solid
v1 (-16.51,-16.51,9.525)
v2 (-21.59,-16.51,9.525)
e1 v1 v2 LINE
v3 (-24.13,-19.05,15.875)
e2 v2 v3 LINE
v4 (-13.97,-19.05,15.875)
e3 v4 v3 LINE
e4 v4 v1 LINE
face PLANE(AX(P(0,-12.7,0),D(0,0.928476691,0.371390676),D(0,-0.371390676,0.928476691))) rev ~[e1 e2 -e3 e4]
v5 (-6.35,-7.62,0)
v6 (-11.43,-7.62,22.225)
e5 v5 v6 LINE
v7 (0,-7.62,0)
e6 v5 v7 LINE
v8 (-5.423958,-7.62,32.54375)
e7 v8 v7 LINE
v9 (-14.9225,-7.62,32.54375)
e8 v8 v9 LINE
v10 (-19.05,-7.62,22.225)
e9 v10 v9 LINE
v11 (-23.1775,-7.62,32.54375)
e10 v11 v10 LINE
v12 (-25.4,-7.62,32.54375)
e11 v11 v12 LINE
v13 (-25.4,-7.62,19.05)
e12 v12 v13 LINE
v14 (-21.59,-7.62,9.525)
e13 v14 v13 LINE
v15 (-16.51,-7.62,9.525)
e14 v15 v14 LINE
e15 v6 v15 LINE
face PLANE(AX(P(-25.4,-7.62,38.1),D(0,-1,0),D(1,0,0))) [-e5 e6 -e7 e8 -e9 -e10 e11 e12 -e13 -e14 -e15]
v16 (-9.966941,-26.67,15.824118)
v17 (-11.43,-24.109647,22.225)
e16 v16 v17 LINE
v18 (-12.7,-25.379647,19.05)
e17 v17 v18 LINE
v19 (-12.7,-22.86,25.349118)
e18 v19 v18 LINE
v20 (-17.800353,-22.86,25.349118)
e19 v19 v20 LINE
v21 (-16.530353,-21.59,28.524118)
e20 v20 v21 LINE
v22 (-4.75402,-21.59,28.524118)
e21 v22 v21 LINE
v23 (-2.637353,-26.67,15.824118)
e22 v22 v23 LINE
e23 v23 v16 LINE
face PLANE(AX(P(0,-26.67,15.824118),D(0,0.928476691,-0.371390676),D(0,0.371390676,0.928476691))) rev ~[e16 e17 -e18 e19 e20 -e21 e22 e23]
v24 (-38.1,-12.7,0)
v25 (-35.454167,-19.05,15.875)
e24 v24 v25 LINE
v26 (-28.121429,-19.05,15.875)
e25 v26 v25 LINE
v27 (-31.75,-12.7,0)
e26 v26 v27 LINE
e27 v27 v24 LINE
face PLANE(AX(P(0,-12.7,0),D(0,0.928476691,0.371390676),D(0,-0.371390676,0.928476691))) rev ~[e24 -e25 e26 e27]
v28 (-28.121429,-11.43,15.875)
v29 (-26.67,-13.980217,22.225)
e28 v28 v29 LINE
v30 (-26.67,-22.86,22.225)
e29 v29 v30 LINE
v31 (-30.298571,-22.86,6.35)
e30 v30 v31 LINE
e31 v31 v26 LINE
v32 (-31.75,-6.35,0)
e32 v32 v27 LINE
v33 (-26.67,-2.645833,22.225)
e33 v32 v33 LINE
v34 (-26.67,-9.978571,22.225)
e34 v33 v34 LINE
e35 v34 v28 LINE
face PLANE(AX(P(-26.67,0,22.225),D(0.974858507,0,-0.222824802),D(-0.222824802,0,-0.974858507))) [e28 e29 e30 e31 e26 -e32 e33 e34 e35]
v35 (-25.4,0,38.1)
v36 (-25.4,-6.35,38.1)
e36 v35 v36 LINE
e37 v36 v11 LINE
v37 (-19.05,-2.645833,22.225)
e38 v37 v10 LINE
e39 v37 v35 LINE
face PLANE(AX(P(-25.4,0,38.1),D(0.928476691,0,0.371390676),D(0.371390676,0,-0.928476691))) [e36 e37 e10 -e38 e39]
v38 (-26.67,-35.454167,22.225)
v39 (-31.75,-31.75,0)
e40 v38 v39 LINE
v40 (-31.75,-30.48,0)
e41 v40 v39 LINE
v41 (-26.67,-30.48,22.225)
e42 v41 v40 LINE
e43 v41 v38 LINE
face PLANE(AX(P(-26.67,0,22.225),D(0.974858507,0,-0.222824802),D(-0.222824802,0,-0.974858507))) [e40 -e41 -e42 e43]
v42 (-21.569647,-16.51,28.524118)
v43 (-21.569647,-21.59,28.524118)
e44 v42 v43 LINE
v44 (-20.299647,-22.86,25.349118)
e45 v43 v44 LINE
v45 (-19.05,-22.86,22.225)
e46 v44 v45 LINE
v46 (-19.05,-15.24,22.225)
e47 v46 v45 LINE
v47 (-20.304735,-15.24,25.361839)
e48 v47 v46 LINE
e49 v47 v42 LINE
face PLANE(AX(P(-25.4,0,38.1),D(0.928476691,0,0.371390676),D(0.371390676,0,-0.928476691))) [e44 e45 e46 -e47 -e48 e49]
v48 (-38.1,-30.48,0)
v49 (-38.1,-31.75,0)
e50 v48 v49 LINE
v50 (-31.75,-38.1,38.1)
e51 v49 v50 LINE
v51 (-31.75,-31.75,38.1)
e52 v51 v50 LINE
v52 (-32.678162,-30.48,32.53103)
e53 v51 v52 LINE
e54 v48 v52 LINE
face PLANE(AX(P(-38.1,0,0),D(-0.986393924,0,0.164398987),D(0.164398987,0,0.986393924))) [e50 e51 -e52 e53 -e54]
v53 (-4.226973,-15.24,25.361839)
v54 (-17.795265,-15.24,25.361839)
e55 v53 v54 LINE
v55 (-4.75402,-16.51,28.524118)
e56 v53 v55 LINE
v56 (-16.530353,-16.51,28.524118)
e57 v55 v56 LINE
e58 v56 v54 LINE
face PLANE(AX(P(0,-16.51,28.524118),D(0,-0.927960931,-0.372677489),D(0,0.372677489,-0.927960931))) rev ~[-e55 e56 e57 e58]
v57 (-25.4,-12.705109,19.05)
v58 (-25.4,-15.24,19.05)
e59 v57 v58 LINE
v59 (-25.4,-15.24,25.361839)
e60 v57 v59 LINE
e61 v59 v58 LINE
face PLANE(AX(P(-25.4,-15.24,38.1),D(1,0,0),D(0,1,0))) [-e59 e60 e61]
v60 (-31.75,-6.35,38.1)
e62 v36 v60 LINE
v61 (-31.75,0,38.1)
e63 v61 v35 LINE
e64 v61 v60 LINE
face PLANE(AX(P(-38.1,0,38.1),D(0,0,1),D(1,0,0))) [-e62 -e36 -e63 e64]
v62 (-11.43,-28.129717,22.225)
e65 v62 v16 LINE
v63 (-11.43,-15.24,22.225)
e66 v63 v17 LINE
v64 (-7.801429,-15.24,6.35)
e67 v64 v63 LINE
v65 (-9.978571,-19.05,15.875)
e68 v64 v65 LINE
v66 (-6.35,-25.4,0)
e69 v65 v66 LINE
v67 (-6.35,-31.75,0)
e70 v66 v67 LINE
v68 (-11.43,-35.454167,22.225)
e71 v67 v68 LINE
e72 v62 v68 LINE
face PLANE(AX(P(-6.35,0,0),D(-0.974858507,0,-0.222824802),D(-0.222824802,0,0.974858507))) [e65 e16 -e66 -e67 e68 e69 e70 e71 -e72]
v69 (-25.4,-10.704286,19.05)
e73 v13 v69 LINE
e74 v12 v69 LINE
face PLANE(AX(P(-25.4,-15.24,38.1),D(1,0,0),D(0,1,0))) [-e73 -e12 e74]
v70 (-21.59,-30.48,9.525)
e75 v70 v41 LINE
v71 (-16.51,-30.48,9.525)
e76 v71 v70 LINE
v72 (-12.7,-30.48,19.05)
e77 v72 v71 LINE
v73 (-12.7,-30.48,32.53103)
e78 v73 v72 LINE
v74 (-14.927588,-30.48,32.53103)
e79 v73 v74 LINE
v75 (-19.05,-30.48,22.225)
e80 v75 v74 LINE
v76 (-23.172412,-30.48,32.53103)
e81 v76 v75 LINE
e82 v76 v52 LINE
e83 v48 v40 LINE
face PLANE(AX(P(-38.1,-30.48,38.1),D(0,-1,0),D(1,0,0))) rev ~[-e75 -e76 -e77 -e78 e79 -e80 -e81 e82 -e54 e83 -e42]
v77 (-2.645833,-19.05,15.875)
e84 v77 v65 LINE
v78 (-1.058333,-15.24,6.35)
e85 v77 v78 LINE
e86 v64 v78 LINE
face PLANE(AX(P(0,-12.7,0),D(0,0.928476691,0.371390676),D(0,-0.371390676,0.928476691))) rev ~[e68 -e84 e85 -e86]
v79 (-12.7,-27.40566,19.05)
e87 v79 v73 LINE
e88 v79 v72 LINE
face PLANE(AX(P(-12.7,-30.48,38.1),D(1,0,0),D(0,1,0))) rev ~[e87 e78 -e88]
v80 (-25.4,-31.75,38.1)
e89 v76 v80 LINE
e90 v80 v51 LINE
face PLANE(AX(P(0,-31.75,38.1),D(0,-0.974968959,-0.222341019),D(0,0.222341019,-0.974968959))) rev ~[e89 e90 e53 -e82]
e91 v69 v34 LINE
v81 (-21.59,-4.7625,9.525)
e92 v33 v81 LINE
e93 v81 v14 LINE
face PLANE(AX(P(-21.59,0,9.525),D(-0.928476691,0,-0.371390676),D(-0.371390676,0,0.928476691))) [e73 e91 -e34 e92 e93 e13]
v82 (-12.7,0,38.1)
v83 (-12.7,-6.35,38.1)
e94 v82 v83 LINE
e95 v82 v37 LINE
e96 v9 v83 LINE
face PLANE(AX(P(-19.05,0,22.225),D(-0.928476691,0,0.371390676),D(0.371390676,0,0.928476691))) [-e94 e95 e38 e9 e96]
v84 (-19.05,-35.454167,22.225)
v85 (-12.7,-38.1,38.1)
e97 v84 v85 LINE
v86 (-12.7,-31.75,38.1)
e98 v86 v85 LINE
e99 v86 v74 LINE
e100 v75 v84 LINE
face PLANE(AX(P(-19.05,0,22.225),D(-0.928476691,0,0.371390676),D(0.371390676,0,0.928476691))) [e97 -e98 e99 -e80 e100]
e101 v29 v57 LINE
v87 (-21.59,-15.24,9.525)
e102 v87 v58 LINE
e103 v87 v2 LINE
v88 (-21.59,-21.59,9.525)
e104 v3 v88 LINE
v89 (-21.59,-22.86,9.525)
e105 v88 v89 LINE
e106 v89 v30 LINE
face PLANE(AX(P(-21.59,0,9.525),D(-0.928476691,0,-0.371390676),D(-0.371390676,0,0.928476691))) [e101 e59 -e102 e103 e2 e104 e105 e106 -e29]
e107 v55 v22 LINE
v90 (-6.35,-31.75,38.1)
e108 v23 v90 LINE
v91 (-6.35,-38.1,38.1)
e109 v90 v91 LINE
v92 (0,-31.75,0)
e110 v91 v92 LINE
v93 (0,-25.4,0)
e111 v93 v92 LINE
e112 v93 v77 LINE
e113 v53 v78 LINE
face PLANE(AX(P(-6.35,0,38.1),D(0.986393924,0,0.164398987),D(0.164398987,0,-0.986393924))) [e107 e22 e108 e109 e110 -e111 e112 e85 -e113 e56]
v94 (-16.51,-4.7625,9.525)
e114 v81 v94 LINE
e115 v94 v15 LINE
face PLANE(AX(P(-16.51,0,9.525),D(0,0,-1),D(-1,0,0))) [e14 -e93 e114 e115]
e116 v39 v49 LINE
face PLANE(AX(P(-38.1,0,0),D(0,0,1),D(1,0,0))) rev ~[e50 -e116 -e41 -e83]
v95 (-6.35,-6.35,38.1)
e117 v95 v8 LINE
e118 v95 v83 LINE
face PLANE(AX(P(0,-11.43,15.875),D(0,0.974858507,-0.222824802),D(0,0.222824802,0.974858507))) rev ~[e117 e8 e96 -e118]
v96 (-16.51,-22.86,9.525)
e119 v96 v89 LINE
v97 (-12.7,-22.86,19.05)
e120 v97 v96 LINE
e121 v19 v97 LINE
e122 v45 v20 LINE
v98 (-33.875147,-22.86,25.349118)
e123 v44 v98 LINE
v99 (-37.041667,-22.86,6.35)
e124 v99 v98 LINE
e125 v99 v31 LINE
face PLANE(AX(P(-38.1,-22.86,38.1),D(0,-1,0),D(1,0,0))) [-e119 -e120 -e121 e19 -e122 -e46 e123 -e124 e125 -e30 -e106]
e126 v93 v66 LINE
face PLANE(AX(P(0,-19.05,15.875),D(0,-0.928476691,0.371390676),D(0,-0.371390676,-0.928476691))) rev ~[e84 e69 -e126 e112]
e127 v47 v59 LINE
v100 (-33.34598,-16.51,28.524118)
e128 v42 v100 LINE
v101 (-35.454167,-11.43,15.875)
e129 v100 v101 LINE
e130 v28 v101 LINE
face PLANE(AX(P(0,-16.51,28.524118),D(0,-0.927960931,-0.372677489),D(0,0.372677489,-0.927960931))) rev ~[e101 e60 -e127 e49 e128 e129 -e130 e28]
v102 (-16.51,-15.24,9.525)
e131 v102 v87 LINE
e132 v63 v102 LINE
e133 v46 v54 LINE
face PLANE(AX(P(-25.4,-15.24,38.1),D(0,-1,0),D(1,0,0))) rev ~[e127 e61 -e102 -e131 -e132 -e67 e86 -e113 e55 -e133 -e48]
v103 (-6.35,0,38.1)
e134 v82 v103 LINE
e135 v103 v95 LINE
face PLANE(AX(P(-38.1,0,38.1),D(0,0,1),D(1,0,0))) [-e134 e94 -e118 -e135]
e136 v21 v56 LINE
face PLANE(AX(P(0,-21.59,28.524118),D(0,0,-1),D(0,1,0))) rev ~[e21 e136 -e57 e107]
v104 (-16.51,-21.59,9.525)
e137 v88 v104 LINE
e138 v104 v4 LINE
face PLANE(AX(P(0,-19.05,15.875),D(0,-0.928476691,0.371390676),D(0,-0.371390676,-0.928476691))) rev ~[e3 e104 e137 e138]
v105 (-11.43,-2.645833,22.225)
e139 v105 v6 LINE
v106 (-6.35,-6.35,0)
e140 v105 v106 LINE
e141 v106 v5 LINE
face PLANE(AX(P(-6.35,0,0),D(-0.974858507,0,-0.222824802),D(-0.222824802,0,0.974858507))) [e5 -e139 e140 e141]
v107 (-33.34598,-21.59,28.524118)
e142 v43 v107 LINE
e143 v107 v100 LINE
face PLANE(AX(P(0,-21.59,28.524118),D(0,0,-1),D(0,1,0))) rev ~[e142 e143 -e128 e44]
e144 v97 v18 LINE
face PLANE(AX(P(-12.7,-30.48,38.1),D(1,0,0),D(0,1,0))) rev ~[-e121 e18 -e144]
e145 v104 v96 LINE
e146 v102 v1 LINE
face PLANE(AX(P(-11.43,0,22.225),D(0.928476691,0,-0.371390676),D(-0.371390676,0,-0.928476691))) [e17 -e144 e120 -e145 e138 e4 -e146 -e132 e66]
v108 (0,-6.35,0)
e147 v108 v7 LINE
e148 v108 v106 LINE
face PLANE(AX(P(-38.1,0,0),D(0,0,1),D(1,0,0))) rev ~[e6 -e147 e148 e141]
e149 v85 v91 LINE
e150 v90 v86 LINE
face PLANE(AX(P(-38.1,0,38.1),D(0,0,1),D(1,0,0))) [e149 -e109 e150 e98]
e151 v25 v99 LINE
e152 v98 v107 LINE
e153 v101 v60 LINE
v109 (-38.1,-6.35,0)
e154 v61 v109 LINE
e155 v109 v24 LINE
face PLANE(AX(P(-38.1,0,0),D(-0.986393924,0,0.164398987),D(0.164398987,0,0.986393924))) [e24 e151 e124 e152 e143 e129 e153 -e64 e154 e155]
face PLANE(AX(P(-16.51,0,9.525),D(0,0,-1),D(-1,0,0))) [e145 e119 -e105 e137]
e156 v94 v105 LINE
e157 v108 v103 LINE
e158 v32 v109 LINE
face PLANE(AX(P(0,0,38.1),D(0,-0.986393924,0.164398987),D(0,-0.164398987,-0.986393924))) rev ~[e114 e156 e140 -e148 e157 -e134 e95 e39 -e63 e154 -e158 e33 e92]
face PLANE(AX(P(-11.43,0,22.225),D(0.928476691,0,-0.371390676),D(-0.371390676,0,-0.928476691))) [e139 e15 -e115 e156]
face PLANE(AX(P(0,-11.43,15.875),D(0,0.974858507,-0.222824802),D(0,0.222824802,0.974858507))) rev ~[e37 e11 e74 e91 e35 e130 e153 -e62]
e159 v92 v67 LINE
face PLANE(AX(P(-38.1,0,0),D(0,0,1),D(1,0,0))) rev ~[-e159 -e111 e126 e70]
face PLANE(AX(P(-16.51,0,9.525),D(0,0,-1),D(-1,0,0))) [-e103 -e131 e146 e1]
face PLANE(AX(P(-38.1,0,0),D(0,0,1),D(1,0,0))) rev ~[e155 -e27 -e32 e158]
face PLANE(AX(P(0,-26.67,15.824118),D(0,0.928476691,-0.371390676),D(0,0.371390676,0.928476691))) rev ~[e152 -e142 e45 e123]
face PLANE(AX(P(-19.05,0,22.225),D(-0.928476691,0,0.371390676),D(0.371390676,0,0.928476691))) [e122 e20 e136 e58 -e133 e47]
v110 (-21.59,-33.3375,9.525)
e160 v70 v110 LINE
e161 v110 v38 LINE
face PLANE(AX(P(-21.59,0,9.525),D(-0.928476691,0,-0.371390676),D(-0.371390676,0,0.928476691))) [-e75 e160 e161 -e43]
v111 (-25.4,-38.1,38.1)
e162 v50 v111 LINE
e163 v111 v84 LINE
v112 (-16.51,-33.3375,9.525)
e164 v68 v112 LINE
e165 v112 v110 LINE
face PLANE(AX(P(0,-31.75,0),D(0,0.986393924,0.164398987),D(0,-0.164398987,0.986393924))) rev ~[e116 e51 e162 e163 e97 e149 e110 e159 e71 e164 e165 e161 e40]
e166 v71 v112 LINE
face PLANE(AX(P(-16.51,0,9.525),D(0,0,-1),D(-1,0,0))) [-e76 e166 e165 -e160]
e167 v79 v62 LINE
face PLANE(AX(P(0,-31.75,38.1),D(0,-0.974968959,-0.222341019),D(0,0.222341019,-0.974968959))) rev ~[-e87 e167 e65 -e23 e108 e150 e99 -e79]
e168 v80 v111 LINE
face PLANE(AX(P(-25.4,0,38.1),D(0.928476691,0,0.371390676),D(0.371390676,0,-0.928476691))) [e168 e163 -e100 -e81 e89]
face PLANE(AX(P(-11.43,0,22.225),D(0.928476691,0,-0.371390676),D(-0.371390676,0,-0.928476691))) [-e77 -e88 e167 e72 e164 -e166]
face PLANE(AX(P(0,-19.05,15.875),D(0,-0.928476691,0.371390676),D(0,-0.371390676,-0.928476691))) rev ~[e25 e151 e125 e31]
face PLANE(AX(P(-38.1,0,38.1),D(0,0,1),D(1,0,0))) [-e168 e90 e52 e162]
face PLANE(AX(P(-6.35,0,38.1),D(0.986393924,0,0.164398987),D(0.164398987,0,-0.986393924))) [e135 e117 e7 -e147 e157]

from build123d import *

# Parameters (mm, degrees)
F0_W     = 38.1
F0_H     = 38.1
F1_DEPTH = 38.1
F5_DEPTH = 38.1
F7_DEPTH = 38.1
F8_W     = 25.4
F8_H     = 7.62
F9_DEPTH = 38.1


with BuildPart() as f1:
    # F0 (on Front) → F1 (new body)
    with BuildSketch(Plane.XZ):
        with Locations((-19.05, 19.05)):
            Rectangle(F0_W, F0_H)
    extrude(amount=F1_DEPTH)

    # F4 (on offset) → F5 (cut)
    with BuildSketch(Plane.YZ):
        Polygon((-11.43, 15.875), (-6.35, 38.1), (-31.75, 38.1), (-26.67, 15.824118), (-21.59, 28.524118), (-16.51, 28.524118), align=None)
        Polygon((-38.1, 0), (-31.75, 0), (-38.1, 38.1), align=None)
        Polygon((-25.4, 0), (-12.7, 0), (-19.05, 15.875), align=None)
        Polygon((-6.35, 0), (0, 0), (0, 38.1), align=None)
    extrude(amount=-F5_DEPTH, mode=Mode.SUBTRACT)

    # F6 (on Front) → F7 (cut)
    with BuildSketch(Plane.XZ):
        Polygon((0, 0), (0, 38.1), (-6.35, 38.1), align=None)
        Polygon((-19.05, 22.225), (-12.7, 38.1), (-25.4, 38.1), align=None)
        Polygon((-38.1, 0), (-31.75, 38.1), (-38.1, 38.1), align=None)
        Polygon((-31.75, 0), (-6.35, 0), (-11.43, 22.225), (-16.51, 9.525), (-21.59, 9.525), (-26.67, 22.225), align=None)
    extrude(amount=F7_DEPTH, mode=Mode.SUBTRACT)

    # F8 (on offset) → F9 (cut)
    with BuildSketch(Plane.XY.offset(38.1)):
        with Locations((-25.4, -26.67)):
            Rectangle(F8_W, F8_H)
        with Locations((-12.7, -11.43)):
            Rectangle(F8_W, F8_H)
    extrude(amount=-F9_DEPTH, mode=Mode.SUBTRACT)


solid = f1.part
